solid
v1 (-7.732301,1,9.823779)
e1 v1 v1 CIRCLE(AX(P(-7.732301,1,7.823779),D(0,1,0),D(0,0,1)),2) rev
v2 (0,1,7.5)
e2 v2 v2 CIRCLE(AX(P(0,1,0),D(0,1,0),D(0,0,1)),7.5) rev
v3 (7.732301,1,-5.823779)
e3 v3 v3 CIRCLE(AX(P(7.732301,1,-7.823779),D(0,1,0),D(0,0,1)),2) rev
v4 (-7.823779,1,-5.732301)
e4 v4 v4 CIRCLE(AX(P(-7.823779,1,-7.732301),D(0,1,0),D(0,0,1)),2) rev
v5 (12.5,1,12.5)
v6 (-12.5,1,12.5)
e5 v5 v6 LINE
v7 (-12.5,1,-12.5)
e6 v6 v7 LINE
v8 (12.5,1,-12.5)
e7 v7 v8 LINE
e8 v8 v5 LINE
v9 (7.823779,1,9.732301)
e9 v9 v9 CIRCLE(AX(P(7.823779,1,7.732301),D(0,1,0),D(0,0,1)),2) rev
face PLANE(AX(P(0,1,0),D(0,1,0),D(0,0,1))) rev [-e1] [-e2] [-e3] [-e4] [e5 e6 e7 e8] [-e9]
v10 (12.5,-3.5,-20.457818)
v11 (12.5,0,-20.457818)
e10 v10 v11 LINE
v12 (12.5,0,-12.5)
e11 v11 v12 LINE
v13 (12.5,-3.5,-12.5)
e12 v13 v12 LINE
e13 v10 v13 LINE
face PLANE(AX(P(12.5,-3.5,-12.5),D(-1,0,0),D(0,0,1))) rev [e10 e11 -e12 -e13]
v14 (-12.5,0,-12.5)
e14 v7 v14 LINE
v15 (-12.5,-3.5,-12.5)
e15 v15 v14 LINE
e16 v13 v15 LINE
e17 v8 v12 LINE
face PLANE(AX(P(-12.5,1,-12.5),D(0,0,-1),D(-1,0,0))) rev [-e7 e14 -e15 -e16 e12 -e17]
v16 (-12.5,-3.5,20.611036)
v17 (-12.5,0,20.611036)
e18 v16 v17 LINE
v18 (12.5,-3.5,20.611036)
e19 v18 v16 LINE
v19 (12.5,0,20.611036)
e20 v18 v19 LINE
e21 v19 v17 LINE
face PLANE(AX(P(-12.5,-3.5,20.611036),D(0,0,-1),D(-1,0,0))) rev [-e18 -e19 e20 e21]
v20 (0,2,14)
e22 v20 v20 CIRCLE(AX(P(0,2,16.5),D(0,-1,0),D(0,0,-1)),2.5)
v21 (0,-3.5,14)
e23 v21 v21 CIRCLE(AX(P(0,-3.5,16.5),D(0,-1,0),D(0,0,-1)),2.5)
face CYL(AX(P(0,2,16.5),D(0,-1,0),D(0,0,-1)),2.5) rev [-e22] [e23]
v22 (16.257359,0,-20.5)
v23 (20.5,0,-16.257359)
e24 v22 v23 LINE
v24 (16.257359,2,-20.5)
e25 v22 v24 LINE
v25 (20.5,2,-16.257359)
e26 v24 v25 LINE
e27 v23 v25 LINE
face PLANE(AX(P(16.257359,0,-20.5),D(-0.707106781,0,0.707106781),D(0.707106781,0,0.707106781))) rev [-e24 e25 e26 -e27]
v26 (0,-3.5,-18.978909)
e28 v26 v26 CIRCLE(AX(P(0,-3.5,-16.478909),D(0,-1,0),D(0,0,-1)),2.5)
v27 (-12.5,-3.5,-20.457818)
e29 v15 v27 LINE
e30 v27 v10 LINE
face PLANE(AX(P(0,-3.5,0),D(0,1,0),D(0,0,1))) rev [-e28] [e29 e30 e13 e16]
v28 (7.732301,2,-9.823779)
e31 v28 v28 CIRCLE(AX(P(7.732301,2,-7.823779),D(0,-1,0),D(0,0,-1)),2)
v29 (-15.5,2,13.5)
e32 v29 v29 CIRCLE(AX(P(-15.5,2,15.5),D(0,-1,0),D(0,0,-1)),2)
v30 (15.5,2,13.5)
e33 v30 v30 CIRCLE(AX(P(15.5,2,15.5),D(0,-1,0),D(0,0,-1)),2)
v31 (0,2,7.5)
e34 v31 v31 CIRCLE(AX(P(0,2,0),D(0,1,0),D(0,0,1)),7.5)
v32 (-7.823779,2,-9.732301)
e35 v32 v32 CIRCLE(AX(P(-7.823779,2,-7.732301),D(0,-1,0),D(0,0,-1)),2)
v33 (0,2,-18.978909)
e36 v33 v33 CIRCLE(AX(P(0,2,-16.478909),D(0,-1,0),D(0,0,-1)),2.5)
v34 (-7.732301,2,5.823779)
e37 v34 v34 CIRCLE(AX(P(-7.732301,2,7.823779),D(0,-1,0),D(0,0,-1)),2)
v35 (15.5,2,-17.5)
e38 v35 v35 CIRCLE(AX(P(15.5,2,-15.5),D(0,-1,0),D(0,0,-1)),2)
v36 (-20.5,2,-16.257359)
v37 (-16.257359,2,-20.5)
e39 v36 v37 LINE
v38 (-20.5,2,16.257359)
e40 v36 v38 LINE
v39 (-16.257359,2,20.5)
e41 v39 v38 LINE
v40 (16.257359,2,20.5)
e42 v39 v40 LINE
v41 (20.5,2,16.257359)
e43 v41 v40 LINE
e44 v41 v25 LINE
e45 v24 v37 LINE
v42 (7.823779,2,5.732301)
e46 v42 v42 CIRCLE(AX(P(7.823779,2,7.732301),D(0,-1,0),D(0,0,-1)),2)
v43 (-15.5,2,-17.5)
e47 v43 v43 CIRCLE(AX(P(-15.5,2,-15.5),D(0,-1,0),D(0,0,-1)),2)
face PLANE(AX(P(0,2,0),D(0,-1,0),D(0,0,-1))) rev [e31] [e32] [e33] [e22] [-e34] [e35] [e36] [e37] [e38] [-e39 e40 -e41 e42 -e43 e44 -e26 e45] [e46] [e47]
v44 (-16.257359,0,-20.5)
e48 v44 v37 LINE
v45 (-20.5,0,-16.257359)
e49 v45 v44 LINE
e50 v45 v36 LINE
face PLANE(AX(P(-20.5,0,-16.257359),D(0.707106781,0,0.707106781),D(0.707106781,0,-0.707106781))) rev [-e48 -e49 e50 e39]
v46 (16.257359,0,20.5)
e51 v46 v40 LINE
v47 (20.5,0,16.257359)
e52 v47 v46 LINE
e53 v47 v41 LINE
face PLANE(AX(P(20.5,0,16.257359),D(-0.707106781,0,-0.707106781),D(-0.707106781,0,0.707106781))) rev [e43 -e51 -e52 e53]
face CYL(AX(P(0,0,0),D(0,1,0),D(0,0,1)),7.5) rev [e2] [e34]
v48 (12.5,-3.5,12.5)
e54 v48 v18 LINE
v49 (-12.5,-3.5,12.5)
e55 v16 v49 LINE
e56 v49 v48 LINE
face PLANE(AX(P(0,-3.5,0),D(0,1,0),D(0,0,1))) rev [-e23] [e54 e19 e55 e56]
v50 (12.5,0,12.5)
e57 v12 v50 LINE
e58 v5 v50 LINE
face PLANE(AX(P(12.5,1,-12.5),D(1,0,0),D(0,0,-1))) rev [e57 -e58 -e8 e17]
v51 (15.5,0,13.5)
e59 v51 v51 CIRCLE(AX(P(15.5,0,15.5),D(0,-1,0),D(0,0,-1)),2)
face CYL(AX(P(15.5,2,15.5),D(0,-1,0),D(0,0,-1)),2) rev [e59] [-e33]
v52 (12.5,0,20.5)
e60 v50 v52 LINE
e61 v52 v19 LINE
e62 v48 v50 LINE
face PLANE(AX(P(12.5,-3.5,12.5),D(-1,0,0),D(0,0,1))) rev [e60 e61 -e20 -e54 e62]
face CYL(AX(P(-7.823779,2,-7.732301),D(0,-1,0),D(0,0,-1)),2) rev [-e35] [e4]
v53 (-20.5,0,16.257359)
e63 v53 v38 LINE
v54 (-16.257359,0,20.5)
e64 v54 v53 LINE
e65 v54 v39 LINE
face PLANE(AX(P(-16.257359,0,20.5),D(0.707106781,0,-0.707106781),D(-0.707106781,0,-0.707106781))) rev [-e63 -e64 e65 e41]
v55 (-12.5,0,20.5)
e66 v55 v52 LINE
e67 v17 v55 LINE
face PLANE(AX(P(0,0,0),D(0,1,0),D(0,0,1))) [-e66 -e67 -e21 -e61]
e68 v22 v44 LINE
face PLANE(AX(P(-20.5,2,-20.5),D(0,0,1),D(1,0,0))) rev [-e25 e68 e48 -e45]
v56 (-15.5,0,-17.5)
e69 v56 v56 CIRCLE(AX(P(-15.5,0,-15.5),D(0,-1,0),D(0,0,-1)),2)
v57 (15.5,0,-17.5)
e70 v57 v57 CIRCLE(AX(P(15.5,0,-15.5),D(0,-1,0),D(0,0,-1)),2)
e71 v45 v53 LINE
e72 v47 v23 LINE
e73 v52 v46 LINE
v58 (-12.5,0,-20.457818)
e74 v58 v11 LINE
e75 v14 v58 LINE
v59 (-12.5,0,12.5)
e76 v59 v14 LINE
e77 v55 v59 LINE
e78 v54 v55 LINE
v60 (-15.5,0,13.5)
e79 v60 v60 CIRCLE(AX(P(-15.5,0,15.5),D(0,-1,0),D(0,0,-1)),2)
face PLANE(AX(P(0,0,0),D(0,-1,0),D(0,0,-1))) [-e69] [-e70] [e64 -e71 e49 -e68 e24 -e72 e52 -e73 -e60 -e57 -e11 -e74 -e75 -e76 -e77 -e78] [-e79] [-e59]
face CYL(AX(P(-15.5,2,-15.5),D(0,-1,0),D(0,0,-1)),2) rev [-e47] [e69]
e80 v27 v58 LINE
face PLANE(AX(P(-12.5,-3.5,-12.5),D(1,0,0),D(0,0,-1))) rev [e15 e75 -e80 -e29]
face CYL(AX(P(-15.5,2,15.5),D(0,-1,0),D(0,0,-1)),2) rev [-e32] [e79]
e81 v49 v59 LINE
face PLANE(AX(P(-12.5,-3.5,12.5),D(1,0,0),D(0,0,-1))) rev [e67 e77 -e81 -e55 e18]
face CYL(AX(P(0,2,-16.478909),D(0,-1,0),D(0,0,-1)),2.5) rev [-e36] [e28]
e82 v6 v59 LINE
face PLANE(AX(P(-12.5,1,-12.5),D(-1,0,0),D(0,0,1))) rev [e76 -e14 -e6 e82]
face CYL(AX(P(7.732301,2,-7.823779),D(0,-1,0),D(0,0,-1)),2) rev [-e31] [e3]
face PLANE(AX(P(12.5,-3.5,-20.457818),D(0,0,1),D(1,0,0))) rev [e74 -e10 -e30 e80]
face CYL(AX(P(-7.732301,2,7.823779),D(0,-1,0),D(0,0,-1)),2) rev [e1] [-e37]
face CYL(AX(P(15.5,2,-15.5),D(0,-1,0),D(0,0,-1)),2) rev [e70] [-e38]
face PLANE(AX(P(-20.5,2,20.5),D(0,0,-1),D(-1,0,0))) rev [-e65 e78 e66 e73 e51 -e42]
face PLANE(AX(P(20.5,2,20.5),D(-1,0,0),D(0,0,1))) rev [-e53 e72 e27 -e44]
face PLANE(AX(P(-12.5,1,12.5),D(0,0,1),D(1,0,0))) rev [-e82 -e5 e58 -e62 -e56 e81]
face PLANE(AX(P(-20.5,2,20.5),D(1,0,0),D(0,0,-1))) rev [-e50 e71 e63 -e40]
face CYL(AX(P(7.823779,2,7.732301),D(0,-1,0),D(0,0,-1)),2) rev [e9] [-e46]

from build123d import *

# Parameters (mm, degrees)
SKETCH2_W           = 41
SKETCH2_H           = 41
BOSS_EXTRUDE1_DEPTH = 2
SKETCH3_R           = 2
CUT_EXTRUDE1_DEPTH  = 30.060282173
SKETCH4_R           = 7.5
CUT_EXTRUDE2_DEPTH  = 30.060282173
SKETCH5_W           = 25
SKETCH5_H           = 25
CUT_EXTRUDE3_DEPTH  = 1
CUT_EXTRUDE4_DEPTH  = 30.060282173
SKETCH7_R           = 2
CUT_EXTRUDE5_DEPTH  = 30.060282173
SKETCH8_W           = 25
SKETCH8_H           = 8.111036271
SKETCH8_H_2         = 7.957817611
BOSS_EXTRUDE2_DEPTH = 3.5
SKETCH9_R           = 2.5
CUT_EXTRUDE6_DEPTH  = 30.585719801


with BuildPart() as part:
    # Sketch2 → Boss-Extrude1 (new body)
    with BuildSketch(Plane(origin=(0, 0, 0), x_dir=(1, 0, 0), z_dir=(0, 1, 0))):
        Rectangle(SKETCH2_W, SKETCH2_H)
    extrude(amount=BOSS_EXTRUDE1_DEPTH)

    # Sketch3 → Cut-Extrude1 (cut, through all)
    with BuildSketch(Plane.XZ):
        with Locations(Location((-7.732300971, 7.823779246, 0), (0, 0, 270))):
            Circle(SKETCH3_R)
        with Locations(Location((7.823779246, 7.732300971, 0), (0, 0, 270))):
            Circle(SKETCH3_R)
        with Locations(Location((7.732300971, -7.823779246, 0), (0, 0, 270))):
            Circle(SKETCH3_R)
        with Locations(Location((-7.823779246, -7.732300971, 0), (0, 0, 270))):
            Circle(SKETCH3_R)
    extrude(amount=-CUT_EXTRUDE1_DEPTH, mode=Mode.SUBTRACT)

    # Sketch4 → Cut-Extrude2 (cut, through all)
    with BuildSketch(Plane(origin=(0, 2, 0), x_dir=(1, 0, 0), z_dir=(0, 1, 0))):
        with Locations(Location((0, 0, 0), (0, 0, 270))):
            Circle(SKETCH4_R)
    extrude(amount=-CUT_EXTRUDE2_DEPTH, mode=Mode.SUBTRACT)

    # Sketch5 → Cut-Extrude3 (cut)
    with BuildSketch(Plane.XZ):
        Rectangle(SKETCH5_W, SKETCH5_H)
    extrude(amount=-CUT_EXTRUDE3_DEPTH, mode=Mode.SUBTRACT)

    # Sketch6 → Cut-Extrude4 (cut, through all)
    with BuildSketch(Plane(origin=(0, 2, 0), x_dir=(1, 0, 0), z_dir=(0, 1, 0))):
        Polygon((-20.5, 16.257359313), (-16.257359313, 20.5), (-20.5, 20.5), align=None)
        Polygon((16.257359313, 20.5), (20.5, 16.257359313), (20.5, 20.5), align=None)
        Polygon((20.5, -16.257359313), (16.257359313, -20.5), (20.5, -20.5), align=None)
        Polygon((-16.257359313, -20.5), (-20.5, -16.257359313), (-20.5, -20.5), align=None)
    extrude(amount=-CUT_EXTRUDE4_DEPTH, mode=Mode.SUBTRACT)

    # Sketch7 → Cut-Extrude5 (cut, through all)
    with BuildSketch(Plane.XZ):
        with Locations(Location((-15.5, 15.5, 0), (0, 0, 270))):
            Circle(SKETCH7_R)
        with Locations(Location((15.5, 15.5, 0), (0, 0, 270))):
            Circle(SKETCH7_R)
        with Locations(Location((15.5, -15.5, 0), (0, 0, 270))):
            Circle(SKETCH7_R)
        with Locations(Location((-15.5, -15.5, 0), (0, 0, 270))):
            Circle(SKETCH7_R)
    extrude(amount=-CUT_EXTRUDE5_DEPTH, mode=Mode.SUBTRACT)

    # Sketch8 → Boss-Extrude2 (add)
    with BuildSketch(Plane.XZ):
        with Locations((0, 16.555518136)):
            Rectangle(SKETCH8_W, SKETCH8_H)
        with Locations((0, -16.478908806)):
            Rectangle(SKETCH8_W, SKETCH8_H_2)
    extrude(amount=BOSS_EXTRUDE2_DEPTH)

    # Sketch9 → Cut-Extrude6 (cut, through all)
    with BuildSketch(Plane.XZ.offset(3.5)):
        with Locations(Location((0, 16.5, 0), (0, 0, 270))):
            Circle(SKETCH9_R)
        with Locations(Location((0, -16.478908806, 0), (0, 0, 270))):
            Circle(SKETCH9_R)
    extrude(amount=-CUT_EXTRUDE6_DEPTH, mode=Mode.SUBTRACT)


solid = part.part
